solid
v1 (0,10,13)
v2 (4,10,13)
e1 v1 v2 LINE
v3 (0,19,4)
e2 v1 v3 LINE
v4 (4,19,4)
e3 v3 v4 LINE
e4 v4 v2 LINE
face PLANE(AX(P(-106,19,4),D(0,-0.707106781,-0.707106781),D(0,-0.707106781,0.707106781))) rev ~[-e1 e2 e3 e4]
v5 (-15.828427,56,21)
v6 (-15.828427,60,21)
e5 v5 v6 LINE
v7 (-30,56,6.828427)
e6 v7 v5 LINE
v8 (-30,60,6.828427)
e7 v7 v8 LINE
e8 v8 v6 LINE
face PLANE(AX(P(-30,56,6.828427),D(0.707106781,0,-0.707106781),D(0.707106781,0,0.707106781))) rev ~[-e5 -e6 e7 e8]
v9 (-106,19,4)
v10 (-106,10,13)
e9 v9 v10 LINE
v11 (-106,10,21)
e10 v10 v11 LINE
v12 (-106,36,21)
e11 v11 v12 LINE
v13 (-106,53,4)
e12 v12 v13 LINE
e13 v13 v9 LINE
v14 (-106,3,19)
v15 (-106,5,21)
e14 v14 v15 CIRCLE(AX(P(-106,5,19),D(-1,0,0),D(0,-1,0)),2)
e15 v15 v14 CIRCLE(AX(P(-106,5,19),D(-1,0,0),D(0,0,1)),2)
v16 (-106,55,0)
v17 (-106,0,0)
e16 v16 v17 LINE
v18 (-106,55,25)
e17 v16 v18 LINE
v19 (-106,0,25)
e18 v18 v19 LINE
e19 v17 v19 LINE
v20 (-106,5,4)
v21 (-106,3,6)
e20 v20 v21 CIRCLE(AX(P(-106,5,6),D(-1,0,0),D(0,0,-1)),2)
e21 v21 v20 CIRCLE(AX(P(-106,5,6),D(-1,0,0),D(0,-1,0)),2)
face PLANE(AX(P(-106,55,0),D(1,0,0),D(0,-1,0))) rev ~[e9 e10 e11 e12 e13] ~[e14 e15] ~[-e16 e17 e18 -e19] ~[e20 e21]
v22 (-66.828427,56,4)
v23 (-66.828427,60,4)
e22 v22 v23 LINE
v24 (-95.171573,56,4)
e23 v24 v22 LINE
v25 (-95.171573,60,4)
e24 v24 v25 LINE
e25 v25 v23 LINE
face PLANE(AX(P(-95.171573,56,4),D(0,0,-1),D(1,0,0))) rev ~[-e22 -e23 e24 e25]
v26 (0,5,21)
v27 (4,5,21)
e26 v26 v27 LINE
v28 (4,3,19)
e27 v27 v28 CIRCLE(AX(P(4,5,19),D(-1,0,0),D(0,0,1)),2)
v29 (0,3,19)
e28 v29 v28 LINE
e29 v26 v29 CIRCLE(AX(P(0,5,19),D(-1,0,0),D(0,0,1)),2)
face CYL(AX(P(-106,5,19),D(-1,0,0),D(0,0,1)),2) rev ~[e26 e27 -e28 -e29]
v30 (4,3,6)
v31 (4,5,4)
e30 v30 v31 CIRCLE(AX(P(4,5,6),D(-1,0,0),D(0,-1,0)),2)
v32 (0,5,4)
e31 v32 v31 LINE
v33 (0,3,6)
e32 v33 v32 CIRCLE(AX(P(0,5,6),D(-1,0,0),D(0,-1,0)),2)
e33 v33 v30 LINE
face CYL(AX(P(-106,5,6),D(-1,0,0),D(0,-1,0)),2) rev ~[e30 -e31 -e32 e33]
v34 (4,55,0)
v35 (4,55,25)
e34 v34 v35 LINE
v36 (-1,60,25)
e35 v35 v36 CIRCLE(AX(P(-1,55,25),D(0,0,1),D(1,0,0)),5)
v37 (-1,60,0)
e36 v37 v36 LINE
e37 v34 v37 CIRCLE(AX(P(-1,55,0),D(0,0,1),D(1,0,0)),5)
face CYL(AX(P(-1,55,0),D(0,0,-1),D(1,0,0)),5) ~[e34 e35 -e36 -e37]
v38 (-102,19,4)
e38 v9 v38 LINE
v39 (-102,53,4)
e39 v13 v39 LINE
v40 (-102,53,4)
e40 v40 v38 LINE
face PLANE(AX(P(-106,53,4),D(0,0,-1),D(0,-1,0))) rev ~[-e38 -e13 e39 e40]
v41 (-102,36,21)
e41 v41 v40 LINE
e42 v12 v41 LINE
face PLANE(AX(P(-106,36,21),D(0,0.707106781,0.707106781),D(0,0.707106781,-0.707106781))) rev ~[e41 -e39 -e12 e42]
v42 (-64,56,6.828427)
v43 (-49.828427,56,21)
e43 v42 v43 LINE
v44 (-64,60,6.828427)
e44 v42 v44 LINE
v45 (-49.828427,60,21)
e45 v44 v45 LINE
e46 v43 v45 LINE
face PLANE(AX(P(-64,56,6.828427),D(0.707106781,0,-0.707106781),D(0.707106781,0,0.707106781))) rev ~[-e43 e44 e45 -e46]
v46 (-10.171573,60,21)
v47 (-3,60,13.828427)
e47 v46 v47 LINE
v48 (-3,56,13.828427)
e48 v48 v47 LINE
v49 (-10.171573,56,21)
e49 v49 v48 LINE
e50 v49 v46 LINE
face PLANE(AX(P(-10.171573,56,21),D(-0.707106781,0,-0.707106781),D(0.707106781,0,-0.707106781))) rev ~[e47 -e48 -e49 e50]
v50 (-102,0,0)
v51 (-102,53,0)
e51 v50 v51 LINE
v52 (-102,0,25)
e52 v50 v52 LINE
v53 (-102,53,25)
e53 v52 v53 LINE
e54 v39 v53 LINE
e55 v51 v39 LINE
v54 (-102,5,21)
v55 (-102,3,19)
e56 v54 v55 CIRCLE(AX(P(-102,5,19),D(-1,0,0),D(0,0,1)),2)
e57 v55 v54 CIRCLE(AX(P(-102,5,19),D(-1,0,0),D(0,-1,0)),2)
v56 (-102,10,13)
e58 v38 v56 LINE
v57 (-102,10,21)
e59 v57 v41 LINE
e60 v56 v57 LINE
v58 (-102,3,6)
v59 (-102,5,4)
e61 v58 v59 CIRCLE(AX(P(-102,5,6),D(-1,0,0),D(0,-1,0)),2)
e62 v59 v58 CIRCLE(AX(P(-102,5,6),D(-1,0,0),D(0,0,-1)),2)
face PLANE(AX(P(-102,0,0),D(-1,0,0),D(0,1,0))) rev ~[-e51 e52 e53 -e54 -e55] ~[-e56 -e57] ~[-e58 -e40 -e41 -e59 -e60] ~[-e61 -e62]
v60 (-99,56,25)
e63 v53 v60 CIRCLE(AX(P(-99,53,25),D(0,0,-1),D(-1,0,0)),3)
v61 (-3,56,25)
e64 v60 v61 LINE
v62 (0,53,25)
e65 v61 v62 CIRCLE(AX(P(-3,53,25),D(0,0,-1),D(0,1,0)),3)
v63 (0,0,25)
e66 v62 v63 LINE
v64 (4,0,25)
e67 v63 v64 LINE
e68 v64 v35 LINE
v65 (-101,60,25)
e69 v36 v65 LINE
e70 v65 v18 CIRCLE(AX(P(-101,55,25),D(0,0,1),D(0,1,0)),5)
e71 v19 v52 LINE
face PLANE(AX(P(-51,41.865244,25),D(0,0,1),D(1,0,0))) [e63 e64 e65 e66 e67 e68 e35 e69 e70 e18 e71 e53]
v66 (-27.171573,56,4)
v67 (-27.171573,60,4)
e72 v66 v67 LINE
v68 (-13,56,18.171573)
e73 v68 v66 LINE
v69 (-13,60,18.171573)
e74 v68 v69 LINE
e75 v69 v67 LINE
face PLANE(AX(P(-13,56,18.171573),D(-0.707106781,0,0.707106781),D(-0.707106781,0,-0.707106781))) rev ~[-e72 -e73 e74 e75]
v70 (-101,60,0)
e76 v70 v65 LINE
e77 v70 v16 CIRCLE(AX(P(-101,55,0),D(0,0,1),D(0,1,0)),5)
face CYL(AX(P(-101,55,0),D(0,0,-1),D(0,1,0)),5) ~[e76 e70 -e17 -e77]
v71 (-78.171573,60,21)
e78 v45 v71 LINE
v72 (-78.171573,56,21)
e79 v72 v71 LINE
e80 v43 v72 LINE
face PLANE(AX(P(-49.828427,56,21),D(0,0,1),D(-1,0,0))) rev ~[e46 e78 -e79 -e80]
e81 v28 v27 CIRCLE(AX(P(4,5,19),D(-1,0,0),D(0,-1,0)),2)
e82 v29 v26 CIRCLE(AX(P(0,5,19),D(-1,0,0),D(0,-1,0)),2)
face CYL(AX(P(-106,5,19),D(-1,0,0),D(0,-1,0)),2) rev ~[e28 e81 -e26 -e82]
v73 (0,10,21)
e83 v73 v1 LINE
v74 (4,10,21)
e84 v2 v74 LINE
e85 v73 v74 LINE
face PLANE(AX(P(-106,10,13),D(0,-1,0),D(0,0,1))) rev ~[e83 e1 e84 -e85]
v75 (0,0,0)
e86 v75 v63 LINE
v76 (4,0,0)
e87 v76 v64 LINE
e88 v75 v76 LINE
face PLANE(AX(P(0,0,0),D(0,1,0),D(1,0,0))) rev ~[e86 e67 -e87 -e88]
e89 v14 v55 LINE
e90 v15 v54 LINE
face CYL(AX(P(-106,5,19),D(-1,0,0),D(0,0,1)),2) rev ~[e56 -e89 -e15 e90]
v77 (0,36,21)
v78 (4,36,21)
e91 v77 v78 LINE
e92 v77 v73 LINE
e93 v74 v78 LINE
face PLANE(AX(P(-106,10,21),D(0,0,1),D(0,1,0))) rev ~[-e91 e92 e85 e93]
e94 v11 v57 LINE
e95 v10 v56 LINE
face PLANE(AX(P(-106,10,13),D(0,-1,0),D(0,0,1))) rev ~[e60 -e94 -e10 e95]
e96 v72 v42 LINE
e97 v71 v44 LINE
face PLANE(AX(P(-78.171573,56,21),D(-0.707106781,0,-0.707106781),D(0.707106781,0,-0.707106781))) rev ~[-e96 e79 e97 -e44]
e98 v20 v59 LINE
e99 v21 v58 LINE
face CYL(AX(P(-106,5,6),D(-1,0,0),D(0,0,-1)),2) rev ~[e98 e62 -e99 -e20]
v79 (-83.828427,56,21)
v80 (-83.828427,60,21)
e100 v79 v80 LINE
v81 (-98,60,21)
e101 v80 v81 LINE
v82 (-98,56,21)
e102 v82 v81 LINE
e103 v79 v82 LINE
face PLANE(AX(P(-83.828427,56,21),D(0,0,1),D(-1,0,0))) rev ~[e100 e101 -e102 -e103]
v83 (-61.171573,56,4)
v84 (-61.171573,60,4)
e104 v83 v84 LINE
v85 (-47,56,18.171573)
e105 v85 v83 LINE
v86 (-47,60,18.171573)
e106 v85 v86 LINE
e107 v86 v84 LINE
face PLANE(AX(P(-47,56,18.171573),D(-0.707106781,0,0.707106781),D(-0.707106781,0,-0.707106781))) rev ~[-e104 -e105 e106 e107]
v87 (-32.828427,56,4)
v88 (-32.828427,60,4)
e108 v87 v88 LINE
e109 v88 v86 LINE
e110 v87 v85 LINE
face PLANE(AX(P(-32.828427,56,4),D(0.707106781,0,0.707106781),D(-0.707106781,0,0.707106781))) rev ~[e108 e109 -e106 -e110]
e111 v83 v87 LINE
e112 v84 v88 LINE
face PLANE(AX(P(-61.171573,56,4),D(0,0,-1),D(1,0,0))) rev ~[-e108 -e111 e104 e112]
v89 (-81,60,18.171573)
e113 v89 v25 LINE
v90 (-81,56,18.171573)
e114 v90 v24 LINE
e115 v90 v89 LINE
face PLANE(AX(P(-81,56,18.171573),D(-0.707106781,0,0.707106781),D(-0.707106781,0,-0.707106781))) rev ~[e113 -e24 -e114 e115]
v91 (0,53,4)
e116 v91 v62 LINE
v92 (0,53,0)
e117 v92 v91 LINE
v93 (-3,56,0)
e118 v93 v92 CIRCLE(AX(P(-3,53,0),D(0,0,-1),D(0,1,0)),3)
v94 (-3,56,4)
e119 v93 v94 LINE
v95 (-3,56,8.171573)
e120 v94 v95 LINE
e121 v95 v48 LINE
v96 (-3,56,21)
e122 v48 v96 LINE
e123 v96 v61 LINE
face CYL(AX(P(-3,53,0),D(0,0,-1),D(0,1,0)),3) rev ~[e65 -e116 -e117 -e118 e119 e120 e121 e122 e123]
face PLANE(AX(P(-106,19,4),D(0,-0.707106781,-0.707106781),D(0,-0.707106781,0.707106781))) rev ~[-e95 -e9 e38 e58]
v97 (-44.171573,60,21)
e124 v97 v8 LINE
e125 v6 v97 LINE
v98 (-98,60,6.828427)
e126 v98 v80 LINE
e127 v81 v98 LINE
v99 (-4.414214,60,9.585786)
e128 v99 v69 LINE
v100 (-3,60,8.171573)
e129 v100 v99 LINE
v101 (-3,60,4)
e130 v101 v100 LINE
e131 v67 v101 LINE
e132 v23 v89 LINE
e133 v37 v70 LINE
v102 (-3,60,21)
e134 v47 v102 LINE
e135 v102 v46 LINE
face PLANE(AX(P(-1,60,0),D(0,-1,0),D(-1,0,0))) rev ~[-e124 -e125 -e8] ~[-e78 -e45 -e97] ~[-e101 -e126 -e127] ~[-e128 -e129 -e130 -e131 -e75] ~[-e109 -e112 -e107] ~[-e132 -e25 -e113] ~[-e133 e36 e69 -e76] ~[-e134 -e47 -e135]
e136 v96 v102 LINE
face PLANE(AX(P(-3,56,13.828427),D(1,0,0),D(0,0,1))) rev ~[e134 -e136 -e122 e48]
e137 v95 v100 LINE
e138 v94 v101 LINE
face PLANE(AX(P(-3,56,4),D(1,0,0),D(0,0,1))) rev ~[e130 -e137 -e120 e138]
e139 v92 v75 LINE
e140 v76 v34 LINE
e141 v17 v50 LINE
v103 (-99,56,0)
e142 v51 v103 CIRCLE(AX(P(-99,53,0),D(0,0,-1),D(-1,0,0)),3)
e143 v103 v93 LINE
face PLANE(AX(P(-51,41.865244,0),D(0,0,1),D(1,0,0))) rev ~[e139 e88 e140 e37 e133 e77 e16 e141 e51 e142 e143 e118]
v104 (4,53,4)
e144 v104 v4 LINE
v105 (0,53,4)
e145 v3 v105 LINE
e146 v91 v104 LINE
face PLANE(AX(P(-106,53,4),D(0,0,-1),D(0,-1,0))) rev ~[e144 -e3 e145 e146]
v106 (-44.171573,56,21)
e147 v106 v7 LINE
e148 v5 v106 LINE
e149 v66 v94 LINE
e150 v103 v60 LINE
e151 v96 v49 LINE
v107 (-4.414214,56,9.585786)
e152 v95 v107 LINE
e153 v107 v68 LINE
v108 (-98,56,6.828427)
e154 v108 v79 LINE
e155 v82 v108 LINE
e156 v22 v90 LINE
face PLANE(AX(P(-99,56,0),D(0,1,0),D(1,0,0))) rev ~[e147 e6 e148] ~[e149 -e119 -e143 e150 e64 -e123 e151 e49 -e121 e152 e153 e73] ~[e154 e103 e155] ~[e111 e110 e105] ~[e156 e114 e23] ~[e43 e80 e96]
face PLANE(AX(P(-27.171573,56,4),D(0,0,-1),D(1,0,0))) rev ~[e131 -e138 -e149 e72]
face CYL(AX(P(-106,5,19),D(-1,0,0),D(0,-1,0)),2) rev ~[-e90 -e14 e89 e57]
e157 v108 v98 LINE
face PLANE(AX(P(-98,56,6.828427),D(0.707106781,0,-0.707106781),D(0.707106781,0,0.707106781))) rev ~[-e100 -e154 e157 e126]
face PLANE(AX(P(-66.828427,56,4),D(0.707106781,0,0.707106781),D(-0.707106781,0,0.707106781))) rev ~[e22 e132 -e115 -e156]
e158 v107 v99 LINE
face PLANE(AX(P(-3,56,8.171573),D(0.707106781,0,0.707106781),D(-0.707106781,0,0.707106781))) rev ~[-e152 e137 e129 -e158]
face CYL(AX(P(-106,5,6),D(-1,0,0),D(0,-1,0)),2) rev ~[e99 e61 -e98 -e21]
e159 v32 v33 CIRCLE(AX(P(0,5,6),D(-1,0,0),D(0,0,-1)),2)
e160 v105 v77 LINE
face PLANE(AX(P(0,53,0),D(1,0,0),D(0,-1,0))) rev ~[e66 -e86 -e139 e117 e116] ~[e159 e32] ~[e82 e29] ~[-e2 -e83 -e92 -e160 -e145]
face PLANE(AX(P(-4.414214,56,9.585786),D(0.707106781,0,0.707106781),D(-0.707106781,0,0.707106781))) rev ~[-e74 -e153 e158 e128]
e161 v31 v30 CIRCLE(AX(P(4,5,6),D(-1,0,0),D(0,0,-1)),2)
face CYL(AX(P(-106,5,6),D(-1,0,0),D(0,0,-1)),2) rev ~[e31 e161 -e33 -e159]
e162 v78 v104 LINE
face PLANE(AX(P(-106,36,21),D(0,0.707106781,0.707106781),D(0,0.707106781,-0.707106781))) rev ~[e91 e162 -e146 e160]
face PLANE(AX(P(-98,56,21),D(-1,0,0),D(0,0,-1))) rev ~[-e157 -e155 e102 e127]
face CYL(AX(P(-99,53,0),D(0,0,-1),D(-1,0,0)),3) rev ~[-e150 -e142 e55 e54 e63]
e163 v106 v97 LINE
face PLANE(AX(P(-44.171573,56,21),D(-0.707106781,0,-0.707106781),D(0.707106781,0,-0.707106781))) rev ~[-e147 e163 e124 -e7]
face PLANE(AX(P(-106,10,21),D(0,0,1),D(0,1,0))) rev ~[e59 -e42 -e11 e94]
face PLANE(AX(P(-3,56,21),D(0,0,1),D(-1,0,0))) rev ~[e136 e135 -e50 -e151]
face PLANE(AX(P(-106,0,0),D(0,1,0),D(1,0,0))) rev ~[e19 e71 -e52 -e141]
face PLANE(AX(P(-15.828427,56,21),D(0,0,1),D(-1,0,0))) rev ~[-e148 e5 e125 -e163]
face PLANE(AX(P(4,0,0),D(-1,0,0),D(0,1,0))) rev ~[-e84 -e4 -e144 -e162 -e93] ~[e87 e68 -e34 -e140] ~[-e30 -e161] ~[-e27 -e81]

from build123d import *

# Parameters (mm, degrees)
F1_DEPTH = 25
F3_DEPTH = 25
F5_DEPTH = 200


with BuildPart() as f1:
    # F0 (on Top) → F1 (new body)
    with BuildSketch(Plane.XY):
        with BuildLine():
            Line((0, 53), (0, 0))
            Line((0, 0), (4, 0))
            Line((4, 0), (4, 55))
            ThreePointArc((4, 55), (2.5355339059, 58.5355339059), (-1, 60))
            Line((-1, 60), (-101, 60))
            ThreePointArc((-101, 60), (-104.5355339059, 58.5355339059), (-106, 55))
            Line((-106, 55), (-106, 0))
            Line((-106, 0), (-102, 0))
            Line((-102, 0), (-102, 53))
            ThreePointArc((-102, 53), (-101.1213203436, 55.1213203436), (-99, 56))
            Line((-99, 56), (-3, 56))
            ThreePointArc((-3, 56), (-0.8786796564, 55.1213203436), (0, 53))
        make_face()
    extrude(amount=F1_DEPTH)

    # F2 (on face) → F3 (cut)
    with BuildSketch(Plane.XZ.offset(-56)):
        Polygon((-49.8284271247, 21), (-78.1715728753, 21), (-64, 6.8284271247), align=None)
        Polygon((-30, 6.8284271247), (-15.8284271247, 21), (-44.1715728753, 21), align=None)
        Polygon((-95.1715728753, 4), (-66.8284271247, 4), (-81, 18.1715728753), align=None)
        Polygon((-10.1715728753, 21), (-3, 13.8284271247), (-3, 21), align=None)
        Polygon((-98, 21), (-98, 6.8284271247), (-83.8284271247, 21), align=None)
        Polygon((-61.1715728753, 4), (-32.8284271247, 4), (-47, 18.1715728753), align=None)
        Polygon((-4.4142135624, 9.5857864376), (-13, 18.1715728753), (-27.1715728753, 4), (-3, 4), (-3, 8.1715728753), align=None)
    extrude(amount=-F3_DEPTH, mode=Mode.SUBTRACT)

    # F4 (on face) → F5 (cut)
    with BuildSketch(Plane(origin=(-106, 0, 0), x_dir=(0, -1, 0), z_dir=(-1, 0, 0))):
        with BuildLine():
            ThreePointArc((-5, 21), (-6.4142135624, 17.5857864376), (-3, 19))
            ThreePointArc((-3, 19), (-3.5857864376, 20.4142135624), (-5, 21))
        make_face()
        with BuildLine():
            ThreePointArc((-3, 6), (-6.4142135624, 7.4142135624), (-5, 4))
            ThreePointArc((-5, 4), (-3.5857864376, 4.5857864376), (-3, 6))
        make_face()
        Polygon((-10, 13), (-10, 21), (-36, 21), (-19, 4), align=None)
        Polygon((-19, 4), (-36, 21), (-53, 4), align=None)
    extrude(amount=-F5_DEPTH, mode=Mode.SUBTRACT)


solid = f1.part
